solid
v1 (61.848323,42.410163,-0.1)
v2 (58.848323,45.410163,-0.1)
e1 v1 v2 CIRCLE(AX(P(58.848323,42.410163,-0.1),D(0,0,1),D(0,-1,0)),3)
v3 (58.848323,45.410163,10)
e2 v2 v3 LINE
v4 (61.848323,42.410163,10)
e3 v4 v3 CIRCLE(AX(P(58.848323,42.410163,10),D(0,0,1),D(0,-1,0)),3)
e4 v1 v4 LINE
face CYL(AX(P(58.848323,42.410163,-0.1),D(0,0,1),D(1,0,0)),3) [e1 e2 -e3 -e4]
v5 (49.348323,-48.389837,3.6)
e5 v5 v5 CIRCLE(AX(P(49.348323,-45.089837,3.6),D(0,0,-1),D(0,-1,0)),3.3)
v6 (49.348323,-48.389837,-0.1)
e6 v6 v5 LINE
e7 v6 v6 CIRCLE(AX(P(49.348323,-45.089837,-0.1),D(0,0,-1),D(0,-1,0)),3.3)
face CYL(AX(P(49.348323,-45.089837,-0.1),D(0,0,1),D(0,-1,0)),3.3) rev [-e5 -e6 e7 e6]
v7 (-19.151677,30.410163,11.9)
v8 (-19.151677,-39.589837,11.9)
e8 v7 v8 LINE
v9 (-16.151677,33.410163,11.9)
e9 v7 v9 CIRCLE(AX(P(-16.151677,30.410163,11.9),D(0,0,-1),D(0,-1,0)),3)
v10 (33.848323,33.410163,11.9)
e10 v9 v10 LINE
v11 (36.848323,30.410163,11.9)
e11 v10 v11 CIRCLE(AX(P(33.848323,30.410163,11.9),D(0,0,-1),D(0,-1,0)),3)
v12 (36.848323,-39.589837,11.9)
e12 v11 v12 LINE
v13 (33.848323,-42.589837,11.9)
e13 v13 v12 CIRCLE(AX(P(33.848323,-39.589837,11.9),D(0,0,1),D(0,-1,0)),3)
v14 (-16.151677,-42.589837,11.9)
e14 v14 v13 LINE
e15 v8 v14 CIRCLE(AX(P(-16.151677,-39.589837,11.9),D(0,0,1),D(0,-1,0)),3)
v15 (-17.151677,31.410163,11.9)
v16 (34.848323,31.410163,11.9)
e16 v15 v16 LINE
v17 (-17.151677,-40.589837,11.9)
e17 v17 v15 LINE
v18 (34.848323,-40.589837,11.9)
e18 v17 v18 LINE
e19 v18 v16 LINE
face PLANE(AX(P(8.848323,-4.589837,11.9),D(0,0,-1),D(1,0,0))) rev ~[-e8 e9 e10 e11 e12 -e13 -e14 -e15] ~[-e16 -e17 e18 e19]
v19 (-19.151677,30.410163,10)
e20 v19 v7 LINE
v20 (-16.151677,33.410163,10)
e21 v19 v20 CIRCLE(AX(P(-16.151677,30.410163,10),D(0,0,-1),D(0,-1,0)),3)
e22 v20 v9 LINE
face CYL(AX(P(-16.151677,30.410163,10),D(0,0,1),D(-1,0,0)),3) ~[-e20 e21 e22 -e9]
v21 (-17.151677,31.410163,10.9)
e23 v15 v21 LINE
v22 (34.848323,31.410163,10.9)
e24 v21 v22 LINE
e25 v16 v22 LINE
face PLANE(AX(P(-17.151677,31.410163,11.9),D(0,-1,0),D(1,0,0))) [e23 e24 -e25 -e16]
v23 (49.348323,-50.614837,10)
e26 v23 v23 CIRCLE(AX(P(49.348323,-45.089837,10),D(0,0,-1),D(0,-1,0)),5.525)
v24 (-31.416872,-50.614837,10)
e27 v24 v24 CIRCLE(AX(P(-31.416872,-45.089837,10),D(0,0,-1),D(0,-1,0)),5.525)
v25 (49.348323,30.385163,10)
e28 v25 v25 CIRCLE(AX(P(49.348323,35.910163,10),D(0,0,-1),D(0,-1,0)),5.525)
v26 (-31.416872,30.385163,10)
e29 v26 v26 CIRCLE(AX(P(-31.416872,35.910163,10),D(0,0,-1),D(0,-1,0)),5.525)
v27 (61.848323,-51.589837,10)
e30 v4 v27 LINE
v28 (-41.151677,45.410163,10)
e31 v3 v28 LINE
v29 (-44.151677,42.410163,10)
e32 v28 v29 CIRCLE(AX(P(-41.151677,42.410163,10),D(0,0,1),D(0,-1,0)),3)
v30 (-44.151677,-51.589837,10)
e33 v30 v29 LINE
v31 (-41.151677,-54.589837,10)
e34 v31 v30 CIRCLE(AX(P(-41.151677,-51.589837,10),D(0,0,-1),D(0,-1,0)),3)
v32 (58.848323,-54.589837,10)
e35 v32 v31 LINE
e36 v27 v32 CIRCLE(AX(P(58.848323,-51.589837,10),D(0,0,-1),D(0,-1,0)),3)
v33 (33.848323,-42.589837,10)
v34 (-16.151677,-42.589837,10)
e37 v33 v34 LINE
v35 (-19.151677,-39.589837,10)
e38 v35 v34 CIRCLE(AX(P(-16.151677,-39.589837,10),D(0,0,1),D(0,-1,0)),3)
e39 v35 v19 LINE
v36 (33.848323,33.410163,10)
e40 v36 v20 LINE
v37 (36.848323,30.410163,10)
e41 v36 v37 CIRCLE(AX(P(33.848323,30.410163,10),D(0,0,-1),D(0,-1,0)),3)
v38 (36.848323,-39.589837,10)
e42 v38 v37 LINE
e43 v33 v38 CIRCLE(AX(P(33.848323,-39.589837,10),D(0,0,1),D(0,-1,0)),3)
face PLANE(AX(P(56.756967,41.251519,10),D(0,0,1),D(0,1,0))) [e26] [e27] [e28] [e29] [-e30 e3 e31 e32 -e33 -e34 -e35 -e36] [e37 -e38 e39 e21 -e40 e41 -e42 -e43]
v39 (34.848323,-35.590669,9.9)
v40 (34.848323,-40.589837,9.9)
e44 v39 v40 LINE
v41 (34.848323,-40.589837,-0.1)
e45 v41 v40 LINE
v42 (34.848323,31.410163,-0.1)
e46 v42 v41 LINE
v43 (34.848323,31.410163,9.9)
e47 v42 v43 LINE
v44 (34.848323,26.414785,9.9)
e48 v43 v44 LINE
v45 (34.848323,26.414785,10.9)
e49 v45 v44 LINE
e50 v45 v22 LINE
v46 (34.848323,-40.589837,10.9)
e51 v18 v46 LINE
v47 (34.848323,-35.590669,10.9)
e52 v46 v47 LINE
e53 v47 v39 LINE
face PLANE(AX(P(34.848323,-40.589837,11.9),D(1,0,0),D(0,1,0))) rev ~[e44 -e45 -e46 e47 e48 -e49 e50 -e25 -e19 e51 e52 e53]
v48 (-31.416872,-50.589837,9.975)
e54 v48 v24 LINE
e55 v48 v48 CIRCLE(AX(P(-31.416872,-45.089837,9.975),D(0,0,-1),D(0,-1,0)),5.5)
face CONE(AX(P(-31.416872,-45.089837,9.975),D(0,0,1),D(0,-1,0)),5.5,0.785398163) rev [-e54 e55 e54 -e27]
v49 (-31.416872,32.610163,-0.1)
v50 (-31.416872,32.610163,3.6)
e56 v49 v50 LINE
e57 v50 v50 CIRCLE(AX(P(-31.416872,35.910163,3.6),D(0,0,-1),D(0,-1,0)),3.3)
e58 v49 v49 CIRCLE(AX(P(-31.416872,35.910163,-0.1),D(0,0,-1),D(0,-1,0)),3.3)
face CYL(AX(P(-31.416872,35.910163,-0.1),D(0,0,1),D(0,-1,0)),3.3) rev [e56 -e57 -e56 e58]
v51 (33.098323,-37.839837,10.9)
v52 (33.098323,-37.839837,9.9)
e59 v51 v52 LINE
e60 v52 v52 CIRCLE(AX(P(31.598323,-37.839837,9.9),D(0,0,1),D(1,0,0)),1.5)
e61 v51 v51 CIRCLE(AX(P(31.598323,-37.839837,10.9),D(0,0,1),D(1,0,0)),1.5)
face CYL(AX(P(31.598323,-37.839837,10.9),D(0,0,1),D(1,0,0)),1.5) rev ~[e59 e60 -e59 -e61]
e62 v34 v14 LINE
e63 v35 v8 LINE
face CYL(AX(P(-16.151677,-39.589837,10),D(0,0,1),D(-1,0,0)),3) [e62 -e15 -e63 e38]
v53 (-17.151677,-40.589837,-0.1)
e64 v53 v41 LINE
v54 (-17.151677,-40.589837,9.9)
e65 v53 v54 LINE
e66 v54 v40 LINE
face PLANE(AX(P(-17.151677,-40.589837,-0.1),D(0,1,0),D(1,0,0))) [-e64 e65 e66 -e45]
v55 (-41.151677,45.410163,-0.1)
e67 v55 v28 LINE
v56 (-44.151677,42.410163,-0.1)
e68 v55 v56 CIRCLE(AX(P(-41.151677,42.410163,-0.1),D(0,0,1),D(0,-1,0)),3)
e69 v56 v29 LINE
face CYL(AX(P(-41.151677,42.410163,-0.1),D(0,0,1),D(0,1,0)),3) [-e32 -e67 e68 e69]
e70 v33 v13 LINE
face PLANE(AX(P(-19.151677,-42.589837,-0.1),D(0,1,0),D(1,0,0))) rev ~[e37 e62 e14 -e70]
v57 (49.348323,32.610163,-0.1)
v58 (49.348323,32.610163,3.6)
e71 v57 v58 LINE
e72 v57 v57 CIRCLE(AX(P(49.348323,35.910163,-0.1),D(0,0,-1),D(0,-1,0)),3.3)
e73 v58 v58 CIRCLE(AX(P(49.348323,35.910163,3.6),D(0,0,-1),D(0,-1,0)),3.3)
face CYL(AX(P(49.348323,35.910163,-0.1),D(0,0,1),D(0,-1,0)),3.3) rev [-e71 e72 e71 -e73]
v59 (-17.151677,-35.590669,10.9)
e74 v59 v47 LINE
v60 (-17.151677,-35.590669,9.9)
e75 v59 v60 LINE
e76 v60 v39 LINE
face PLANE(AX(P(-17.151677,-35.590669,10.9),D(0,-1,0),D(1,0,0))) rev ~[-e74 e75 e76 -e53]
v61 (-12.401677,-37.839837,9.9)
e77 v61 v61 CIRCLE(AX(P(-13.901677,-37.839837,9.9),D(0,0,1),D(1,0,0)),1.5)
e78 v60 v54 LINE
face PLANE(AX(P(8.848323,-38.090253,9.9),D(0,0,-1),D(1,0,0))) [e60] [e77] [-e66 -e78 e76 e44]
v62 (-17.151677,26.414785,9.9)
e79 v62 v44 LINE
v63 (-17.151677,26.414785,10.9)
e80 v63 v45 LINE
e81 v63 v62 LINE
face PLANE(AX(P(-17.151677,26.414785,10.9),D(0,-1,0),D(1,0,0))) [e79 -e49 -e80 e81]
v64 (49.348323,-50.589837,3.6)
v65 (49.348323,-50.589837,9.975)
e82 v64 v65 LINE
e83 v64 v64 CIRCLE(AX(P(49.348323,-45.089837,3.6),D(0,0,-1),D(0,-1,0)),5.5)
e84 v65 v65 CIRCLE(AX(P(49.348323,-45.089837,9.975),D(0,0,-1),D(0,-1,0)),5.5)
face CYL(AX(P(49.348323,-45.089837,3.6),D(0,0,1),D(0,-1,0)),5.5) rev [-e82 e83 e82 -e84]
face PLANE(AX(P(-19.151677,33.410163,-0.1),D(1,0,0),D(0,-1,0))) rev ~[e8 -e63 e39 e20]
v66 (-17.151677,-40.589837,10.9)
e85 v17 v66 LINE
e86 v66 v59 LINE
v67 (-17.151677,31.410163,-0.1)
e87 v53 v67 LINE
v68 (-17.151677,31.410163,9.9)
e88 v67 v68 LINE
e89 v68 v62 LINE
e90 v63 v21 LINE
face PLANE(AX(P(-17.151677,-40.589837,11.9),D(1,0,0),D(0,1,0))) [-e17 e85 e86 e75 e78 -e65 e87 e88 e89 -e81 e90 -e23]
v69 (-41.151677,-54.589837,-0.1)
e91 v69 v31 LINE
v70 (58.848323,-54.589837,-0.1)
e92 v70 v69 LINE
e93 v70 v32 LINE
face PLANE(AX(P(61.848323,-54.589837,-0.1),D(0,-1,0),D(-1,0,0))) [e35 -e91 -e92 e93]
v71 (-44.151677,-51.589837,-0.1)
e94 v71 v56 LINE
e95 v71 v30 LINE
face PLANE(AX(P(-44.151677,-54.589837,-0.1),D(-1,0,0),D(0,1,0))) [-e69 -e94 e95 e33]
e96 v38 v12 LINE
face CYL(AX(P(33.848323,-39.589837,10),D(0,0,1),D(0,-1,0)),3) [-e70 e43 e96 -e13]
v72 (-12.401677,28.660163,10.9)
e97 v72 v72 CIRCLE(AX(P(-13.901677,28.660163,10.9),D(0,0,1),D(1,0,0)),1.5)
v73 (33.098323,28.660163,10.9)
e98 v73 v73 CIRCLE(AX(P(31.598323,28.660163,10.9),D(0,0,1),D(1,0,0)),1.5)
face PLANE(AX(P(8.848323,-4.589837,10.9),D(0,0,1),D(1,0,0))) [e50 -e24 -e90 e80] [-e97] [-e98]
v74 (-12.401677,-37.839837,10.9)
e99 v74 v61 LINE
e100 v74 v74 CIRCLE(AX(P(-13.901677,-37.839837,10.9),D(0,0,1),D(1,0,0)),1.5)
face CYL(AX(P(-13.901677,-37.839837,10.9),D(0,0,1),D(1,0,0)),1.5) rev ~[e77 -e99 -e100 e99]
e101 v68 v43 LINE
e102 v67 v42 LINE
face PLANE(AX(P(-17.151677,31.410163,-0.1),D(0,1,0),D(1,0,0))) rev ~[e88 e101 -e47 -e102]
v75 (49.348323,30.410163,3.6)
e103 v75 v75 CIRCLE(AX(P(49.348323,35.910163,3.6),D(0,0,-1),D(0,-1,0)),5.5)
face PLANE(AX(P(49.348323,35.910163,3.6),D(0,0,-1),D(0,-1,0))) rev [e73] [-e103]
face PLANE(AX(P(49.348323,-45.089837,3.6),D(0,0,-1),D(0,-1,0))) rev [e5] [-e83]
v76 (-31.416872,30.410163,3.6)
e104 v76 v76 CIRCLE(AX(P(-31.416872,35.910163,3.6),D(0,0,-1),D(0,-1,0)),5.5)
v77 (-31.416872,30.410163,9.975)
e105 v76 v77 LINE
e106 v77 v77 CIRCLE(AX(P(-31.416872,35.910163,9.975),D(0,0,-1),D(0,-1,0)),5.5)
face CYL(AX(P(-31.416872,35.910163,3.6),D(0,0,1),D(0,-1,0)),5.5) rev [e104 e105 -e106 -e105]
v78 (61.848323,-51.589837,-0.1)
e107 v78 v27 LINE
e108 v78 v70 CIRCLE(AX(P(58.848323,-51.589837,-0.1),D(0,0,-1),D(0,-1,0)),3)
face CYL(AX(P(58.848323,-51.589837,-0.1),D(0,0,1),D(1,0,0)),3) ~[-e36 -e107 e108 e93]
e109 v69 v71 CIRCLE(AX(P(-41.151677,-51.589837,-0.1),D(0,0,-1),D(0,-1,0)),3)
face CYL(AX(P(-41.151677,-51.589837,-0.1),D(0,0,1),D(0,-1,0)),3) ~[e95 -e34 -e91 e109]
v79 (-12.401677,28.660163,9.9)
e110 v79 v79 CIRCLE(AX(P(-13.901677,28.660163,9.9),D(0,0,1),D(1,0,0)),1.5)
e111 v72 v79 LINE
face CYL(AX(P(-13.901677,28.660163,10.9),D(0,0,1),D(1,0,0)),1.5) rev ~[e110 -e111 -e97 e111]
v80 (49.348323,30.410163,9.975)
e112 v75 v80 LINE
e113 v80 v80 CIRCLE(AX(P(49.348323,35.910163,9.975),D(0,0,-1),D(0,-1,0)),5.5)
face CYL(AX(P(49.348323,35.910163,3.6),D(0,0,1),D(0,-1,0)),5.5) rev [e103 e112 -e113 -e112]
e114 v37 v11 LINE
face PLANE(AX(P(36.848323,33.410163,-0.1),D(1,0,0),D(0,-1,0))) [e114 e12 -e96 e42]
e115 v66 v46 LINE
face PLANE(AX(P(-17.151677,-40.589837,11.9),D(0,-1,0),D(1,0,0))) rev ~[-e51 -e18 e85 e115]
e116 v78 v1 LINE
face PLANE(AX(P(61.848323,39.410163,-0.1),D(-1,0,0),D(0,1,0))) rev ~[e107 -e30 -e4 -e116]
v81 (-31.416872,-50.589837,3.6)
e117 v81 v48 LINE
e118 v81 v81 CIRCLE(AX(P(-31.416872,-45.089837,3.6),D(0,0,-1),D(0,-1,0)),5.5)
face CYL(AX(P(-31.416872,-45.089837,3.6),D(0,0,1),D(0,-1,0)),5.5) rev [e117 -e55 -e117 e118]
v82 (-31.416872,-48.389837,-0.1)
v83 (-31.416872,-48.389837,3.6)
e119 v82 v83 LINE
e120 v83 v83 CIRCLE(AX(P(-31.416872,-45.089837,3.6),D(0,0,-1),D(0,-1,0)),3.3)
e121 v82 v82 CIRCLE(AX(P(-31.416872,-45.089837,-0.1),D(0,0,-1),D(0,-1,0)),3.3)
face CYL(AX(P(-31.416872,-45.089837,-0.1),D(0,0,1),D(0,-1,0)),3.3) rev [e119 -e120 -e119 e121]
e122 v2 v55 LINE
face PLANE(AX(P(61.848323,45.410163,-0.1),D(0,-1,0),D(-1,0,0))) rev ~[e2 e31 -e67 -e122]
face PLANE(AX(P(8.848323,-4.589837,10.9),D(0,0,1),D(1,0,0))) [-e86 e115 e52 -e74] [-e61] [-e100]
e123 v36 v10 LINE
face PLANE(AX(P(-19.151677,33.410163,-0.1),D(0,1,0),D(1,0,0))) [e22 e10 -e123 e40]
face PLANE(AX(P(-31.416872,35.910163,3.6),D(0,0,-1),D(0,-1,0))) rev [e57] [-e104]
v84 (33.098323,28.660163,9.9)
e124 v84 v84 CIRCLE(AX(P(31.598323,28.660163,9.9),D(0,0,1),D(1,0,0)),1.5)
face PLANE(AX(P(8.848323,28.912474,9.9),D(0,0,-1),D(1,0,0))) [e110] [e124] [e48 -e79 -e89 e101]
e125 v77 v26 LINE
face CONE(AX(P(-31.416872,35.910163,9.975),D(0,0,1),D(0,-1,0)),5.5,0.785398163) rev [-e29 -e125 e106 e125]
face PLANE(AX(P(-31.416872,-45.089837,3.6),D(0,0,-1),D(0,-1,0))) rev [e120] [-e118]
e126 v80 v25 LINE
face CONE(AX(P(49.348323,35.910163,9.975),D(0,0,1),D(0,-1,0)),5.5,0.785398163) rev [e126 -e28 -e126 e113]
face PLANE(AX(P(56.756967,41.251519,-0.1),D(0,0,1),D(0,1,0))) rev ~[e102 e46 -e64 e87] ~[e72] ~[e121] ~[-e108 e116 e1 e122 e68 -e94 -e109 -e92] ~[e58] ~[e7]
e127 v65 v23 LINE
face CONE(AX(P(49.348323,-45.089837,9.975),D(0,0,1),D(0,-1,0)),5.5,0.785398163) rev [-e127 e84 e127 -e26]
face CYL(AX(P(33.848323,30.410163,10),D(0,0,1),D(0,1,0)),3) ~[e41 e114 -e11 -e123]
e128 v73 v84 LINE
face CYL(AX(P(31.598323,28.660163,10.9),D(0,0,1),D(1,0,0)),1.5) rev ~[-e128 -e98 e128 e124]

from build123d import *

# Parameters (mm, degrees)
BOSS_EXTRUDE3_DEPTH                          = 10
BOSS_EXTRUDE3_DEPTH_BACK                     = 0.1
SKETCH1_W                                    = 100
SKETCH1_H                                    = 106
SKETCH1_W_2                                  = 76
SKETCH1_H_2                                  = 56
CBORE_FOR_M6_HEX_SOCKET_HEAD_CAP_SCR_2_COUNT = 2
CBORE_FOR_M6_HEX_SOCKET_HEAD_CAP_SCR_2_PITCH = 81
CBORE_FOR_M6_HEX_SOCKET_HEAD_CAP_SCR_3_COUNT = 2
CBORE_FOR_M6_HEX_SOCKET_HEAD_CAP_SCR_3_PITCH = 114.385386776
CBORE_FOR_M6_HEX_SOCKET_HEAD_CAP_SCR_4_COUNT = 2
CBORE_FOR_M6_HEX_SOCKET_HEAD_CAP_SCR_4_PITCH = 80.765194904
SKETCH7_W                                    = 56
SKETCH7_H                                    = 76
BOSS_EXTRUDE4_DEPTH                          = 12
SKETCH8_W                                    = 52
SKETCH8_H                                    = 72
BOSS_EXTRUDE5_DEPTH                          = 1
SKETCH9_W                                    = 52
SKETCH9_H                                    = 72
CUT_EXTRUDE1_DEPTH                           = 1
SKETCH10_W                                   = 52
SKETCH10_H                                   = 62.005454301
CUT_EXTRUDE2_DEPTH                           = 11
SKETCH11_W                                   = 52
SKETCH11_H                                   = 4.999168043
SKETCH11_H_2                                 = 4.995377656
CUT_EXTRUDE3_DEPTH                           = 10
SKETCH12_R                                   = 1.5
CUT_EXTRUDE4_DEPTH                           = 2
SKETCH12_3_R                                 = 1.5
CUT_EXTRUDE5_DEPTH                           = 2
SKETCH14_R                                   = 1.5
CUT_EXTRUDE6_DEPTH                           = 2
SKETCH15_R                                   = 1.5
CUT_EXTRUDE7_DEPTH                           = 2
FILLET2_R                                    = 3


with BuildPart() as part:
    # Sketch1 → Boss-Extrude3 (new, two sides: drawn at the far end of the back side and taken through both)
    with BuildSketch(Plane(origin=(0, 0, 0), x_dir=(0, 1, 0), z_dir=(0, 0, 1)).offset(-BOSS_EXTRUDE3_DEPTH_BACK)):
        with Locations((-4.589836902, -8.848323211)):
            Rectangle(SKETCH1_W, SKETCH1_H)
        with Locations((-4.589836902, -8.848323211)):
            Rectangle(SKETCH1_W_2, SKETCH1_H_2, mode=Mode.SUBTRACT)
    extrude(amount=BOSS_EXTRUDE3_DEPTH + BOSS_EXTRUDE3_DEPTH_BACK)

    # Sketch6 → CBORE for M6 Hex Socket Head Cap Screw2 (revolve, cut)
    with BuildSketch(Plane(origin=(49.348323211, -45.089836902, 10), x_dir=(0, -1, 0), z_dir=(1, 0, 0))):
        Polygon((0, 0), (0, 10.1), (3.3, 10.1), (3.3, 6.4), (5.5, 6.4), (5.5, 0.025), (5.525, 0), align=None)
    cbore_for_m6_hex_socket_head_cap_screw2 = revolve(axis=Axis((49.348323211, -45.089836902, 16.35), (0, 0, -1)), mode=Mode.SUBTRACT)

    # CBORE for M6 Hex Socket Head Cap Scr 2: CBORE for M6 Hex Socket Head Cap Screw2 ×2
    with Locations(*[(0, i * CBORE_FOR_M6_HEX_SOCKET_HEAD_CAP_SCR_2_PITCH, 0) for i in range(1, CBORE_FOR_M6_HEX_SOCKET_HEAD_CAP_SCR_2_COUNT)]):
        add(cbore_for_m6_hex_socket_head_cap_screw2, mode=Mode.SUBTRACT)

    # CBORE for M6 Hex Socket Head Cap Scr 3: CBORE for M6 Hex Socket Head Cap Screw2 ×2
    with Locations(*[Vector(-0.7060796591298035, 0.7081324134391396, 0) * (i * CBORE_FOR_M6_HEX_SOCKET_HEAD_CAP_SCR_3_PITCH) for i in range(1, CBORE_FOR_M6_HEX_SOCKET_HEAD_CAP_SCR_3_COUNT)]):
        add(cbore_for_m6_hex_socket_head_cap_screw2, mode=Mode.SUBTRACT)

    # CBORE for M6 Hex Socket Head Cap Scr 4: CBORE for M6 Hex Socket Head Cap Screw2 ×2
    with Locations(*[(-i * CBORE_FOR_M6_HEX_SOCKET_HEAD_CAP_SCR_4_PITCH, 0, 0) for i in range(1, CBORE_FOR_M6_HEX_SOCKET_HEAD_CAP_SCR_4_COUNT)]):
        add(cbore_for_m6_hex_socket_head_cap_screw2, mode=Mode.SUBTRACT)

    # Sketch7 → Boss-Extrude4 (add)
    with BuildSketch(Plane(origin=(0, 0, -0.1), x_dir=(1, 0, 0), z_dir=(0, 0, -1))):
        with Locations((8.848323211, 4.589836902)):
            Rectangle(SKETCH7_W, SKETCH7_H)
    extrude(amount=-BOSS_EXTRUDE4_DEPTH)

    # Sketch8 → Boss-Extrude5 (add)
    with BuildSketch(Plane.XY.offset(11.9)):
        with Locations((8.848323211, -4.589836902)):
            Rectangle(SKETCH8_W, SKETCH8_H)
    extrude(amount=-BOSS_EXTRUDE5_DEPTH)

    # Sketch9 → Cut-Extrude1 (cut)
    with BuildSketch(Plane.XY.offset(11.9)):
        with Locations((8.848323211, -4.589836902)):
            Rectangle(SKETCH9_W, SKETCH9_H)
    extrude(amount=-CUT_EXTRUDE1_DEPTH, mode=Mode.SUBTRACT)

    # Sketch10 → Cut-Extrude2 (cut)
    with BuildSketch(Plane.XY.offset(10.9)):
        with Locations((8.848323211, -4.587941709)):
            Rectangle(SKETCH10_W, SKETCH10_H)
    extrude(amount=-CUT_EXTRUDE2_DEPTH, mode=Mode.SUBTRACT)

    # Sketch11 → Cut-Extrude3 (cut)
    with BuildSketch(Plane(origin=(0, 0, -0.1), x_dir=(1, 0, 0), z_dir=(0, 0, -1))):
        with Locations((8.848323211, 38.090252881)):
            Rectangle(SKETCH11_W, SKETCH11_H)
        with Locations((8.848323211, -28.91247427)):
            Rectangle(SKETCH11_W, SKETCH11_H_2)
    extrude(amount=-CUT_EXTRUDE3_DEPTH, mode=Mode.SUBTRACT)

    # Sketch12 → Cut-Extrude4 (cut)
    with BuildSketch(Plane.XY.offset(10.9)):
        with Locations((-13.901676789, 28.660163098)):
            Circle(SKETCH12_R)
    extrude(amount=-CUT_EXTRUDE4_DEPTH, mode=Mode.SUBTRACT)

    # Sketch12<3> → Cut-Extrude5 (cut)
    with BuildSketch(Plane.XY.offset(10.9)):
        with Locations((31.598323211, 28.660163098)):
            Circle(SKETCH12_3_R)
    extrude(amount=-CUT_EXTRUDE5_DEPTH, mode=Mode.SUBTRACT)

    # Sketch14 → Cut-Extrude6 (cut)
    with BuildSketch(Plane.XY.offset(10.9)):
        with Locations((-13.901676789, -37.839836902)):
            Circle(SKETCH14_R)
    extrude(amount=-CUT_EXTRUDE6_DEPTH, mode=Mode.SUBTRACT)

    # Sketch15 → Cut-Extrude7 (cut)
    with BuildSketch(Plane.XY.offset(10.9)):
        with Locations((31.598323211, -37.839836902)):
            Circle(SKETCH15_R)
    extrude(amount=-CUT_EXTRUDE7_DEPTH, mode=Mode.SUBTRACT)

    # Fillet2
    fillet2_edges = [part.edges().sort_by_distance(p)[0] for p in [
        (-44.151676789, 45.410163098, 4.95),
        (-19.151676789, 33.410163098, 10.95),
        (36.848323211, 33.410163098, 10.95),
        (61.848323211, 45.410163098, 4.95),
        (36.848323211, -42.589836902, 10.95),
        (61.848323211, -54.589836902, 4.95),
        (-44.151676789, -54.589836902, 4.95),
        (-19.151676789, -42.589836902, 10.95),
    ]]
    fillet(fillet2_edges, radius=FILLET2_R)


solid = part.part
